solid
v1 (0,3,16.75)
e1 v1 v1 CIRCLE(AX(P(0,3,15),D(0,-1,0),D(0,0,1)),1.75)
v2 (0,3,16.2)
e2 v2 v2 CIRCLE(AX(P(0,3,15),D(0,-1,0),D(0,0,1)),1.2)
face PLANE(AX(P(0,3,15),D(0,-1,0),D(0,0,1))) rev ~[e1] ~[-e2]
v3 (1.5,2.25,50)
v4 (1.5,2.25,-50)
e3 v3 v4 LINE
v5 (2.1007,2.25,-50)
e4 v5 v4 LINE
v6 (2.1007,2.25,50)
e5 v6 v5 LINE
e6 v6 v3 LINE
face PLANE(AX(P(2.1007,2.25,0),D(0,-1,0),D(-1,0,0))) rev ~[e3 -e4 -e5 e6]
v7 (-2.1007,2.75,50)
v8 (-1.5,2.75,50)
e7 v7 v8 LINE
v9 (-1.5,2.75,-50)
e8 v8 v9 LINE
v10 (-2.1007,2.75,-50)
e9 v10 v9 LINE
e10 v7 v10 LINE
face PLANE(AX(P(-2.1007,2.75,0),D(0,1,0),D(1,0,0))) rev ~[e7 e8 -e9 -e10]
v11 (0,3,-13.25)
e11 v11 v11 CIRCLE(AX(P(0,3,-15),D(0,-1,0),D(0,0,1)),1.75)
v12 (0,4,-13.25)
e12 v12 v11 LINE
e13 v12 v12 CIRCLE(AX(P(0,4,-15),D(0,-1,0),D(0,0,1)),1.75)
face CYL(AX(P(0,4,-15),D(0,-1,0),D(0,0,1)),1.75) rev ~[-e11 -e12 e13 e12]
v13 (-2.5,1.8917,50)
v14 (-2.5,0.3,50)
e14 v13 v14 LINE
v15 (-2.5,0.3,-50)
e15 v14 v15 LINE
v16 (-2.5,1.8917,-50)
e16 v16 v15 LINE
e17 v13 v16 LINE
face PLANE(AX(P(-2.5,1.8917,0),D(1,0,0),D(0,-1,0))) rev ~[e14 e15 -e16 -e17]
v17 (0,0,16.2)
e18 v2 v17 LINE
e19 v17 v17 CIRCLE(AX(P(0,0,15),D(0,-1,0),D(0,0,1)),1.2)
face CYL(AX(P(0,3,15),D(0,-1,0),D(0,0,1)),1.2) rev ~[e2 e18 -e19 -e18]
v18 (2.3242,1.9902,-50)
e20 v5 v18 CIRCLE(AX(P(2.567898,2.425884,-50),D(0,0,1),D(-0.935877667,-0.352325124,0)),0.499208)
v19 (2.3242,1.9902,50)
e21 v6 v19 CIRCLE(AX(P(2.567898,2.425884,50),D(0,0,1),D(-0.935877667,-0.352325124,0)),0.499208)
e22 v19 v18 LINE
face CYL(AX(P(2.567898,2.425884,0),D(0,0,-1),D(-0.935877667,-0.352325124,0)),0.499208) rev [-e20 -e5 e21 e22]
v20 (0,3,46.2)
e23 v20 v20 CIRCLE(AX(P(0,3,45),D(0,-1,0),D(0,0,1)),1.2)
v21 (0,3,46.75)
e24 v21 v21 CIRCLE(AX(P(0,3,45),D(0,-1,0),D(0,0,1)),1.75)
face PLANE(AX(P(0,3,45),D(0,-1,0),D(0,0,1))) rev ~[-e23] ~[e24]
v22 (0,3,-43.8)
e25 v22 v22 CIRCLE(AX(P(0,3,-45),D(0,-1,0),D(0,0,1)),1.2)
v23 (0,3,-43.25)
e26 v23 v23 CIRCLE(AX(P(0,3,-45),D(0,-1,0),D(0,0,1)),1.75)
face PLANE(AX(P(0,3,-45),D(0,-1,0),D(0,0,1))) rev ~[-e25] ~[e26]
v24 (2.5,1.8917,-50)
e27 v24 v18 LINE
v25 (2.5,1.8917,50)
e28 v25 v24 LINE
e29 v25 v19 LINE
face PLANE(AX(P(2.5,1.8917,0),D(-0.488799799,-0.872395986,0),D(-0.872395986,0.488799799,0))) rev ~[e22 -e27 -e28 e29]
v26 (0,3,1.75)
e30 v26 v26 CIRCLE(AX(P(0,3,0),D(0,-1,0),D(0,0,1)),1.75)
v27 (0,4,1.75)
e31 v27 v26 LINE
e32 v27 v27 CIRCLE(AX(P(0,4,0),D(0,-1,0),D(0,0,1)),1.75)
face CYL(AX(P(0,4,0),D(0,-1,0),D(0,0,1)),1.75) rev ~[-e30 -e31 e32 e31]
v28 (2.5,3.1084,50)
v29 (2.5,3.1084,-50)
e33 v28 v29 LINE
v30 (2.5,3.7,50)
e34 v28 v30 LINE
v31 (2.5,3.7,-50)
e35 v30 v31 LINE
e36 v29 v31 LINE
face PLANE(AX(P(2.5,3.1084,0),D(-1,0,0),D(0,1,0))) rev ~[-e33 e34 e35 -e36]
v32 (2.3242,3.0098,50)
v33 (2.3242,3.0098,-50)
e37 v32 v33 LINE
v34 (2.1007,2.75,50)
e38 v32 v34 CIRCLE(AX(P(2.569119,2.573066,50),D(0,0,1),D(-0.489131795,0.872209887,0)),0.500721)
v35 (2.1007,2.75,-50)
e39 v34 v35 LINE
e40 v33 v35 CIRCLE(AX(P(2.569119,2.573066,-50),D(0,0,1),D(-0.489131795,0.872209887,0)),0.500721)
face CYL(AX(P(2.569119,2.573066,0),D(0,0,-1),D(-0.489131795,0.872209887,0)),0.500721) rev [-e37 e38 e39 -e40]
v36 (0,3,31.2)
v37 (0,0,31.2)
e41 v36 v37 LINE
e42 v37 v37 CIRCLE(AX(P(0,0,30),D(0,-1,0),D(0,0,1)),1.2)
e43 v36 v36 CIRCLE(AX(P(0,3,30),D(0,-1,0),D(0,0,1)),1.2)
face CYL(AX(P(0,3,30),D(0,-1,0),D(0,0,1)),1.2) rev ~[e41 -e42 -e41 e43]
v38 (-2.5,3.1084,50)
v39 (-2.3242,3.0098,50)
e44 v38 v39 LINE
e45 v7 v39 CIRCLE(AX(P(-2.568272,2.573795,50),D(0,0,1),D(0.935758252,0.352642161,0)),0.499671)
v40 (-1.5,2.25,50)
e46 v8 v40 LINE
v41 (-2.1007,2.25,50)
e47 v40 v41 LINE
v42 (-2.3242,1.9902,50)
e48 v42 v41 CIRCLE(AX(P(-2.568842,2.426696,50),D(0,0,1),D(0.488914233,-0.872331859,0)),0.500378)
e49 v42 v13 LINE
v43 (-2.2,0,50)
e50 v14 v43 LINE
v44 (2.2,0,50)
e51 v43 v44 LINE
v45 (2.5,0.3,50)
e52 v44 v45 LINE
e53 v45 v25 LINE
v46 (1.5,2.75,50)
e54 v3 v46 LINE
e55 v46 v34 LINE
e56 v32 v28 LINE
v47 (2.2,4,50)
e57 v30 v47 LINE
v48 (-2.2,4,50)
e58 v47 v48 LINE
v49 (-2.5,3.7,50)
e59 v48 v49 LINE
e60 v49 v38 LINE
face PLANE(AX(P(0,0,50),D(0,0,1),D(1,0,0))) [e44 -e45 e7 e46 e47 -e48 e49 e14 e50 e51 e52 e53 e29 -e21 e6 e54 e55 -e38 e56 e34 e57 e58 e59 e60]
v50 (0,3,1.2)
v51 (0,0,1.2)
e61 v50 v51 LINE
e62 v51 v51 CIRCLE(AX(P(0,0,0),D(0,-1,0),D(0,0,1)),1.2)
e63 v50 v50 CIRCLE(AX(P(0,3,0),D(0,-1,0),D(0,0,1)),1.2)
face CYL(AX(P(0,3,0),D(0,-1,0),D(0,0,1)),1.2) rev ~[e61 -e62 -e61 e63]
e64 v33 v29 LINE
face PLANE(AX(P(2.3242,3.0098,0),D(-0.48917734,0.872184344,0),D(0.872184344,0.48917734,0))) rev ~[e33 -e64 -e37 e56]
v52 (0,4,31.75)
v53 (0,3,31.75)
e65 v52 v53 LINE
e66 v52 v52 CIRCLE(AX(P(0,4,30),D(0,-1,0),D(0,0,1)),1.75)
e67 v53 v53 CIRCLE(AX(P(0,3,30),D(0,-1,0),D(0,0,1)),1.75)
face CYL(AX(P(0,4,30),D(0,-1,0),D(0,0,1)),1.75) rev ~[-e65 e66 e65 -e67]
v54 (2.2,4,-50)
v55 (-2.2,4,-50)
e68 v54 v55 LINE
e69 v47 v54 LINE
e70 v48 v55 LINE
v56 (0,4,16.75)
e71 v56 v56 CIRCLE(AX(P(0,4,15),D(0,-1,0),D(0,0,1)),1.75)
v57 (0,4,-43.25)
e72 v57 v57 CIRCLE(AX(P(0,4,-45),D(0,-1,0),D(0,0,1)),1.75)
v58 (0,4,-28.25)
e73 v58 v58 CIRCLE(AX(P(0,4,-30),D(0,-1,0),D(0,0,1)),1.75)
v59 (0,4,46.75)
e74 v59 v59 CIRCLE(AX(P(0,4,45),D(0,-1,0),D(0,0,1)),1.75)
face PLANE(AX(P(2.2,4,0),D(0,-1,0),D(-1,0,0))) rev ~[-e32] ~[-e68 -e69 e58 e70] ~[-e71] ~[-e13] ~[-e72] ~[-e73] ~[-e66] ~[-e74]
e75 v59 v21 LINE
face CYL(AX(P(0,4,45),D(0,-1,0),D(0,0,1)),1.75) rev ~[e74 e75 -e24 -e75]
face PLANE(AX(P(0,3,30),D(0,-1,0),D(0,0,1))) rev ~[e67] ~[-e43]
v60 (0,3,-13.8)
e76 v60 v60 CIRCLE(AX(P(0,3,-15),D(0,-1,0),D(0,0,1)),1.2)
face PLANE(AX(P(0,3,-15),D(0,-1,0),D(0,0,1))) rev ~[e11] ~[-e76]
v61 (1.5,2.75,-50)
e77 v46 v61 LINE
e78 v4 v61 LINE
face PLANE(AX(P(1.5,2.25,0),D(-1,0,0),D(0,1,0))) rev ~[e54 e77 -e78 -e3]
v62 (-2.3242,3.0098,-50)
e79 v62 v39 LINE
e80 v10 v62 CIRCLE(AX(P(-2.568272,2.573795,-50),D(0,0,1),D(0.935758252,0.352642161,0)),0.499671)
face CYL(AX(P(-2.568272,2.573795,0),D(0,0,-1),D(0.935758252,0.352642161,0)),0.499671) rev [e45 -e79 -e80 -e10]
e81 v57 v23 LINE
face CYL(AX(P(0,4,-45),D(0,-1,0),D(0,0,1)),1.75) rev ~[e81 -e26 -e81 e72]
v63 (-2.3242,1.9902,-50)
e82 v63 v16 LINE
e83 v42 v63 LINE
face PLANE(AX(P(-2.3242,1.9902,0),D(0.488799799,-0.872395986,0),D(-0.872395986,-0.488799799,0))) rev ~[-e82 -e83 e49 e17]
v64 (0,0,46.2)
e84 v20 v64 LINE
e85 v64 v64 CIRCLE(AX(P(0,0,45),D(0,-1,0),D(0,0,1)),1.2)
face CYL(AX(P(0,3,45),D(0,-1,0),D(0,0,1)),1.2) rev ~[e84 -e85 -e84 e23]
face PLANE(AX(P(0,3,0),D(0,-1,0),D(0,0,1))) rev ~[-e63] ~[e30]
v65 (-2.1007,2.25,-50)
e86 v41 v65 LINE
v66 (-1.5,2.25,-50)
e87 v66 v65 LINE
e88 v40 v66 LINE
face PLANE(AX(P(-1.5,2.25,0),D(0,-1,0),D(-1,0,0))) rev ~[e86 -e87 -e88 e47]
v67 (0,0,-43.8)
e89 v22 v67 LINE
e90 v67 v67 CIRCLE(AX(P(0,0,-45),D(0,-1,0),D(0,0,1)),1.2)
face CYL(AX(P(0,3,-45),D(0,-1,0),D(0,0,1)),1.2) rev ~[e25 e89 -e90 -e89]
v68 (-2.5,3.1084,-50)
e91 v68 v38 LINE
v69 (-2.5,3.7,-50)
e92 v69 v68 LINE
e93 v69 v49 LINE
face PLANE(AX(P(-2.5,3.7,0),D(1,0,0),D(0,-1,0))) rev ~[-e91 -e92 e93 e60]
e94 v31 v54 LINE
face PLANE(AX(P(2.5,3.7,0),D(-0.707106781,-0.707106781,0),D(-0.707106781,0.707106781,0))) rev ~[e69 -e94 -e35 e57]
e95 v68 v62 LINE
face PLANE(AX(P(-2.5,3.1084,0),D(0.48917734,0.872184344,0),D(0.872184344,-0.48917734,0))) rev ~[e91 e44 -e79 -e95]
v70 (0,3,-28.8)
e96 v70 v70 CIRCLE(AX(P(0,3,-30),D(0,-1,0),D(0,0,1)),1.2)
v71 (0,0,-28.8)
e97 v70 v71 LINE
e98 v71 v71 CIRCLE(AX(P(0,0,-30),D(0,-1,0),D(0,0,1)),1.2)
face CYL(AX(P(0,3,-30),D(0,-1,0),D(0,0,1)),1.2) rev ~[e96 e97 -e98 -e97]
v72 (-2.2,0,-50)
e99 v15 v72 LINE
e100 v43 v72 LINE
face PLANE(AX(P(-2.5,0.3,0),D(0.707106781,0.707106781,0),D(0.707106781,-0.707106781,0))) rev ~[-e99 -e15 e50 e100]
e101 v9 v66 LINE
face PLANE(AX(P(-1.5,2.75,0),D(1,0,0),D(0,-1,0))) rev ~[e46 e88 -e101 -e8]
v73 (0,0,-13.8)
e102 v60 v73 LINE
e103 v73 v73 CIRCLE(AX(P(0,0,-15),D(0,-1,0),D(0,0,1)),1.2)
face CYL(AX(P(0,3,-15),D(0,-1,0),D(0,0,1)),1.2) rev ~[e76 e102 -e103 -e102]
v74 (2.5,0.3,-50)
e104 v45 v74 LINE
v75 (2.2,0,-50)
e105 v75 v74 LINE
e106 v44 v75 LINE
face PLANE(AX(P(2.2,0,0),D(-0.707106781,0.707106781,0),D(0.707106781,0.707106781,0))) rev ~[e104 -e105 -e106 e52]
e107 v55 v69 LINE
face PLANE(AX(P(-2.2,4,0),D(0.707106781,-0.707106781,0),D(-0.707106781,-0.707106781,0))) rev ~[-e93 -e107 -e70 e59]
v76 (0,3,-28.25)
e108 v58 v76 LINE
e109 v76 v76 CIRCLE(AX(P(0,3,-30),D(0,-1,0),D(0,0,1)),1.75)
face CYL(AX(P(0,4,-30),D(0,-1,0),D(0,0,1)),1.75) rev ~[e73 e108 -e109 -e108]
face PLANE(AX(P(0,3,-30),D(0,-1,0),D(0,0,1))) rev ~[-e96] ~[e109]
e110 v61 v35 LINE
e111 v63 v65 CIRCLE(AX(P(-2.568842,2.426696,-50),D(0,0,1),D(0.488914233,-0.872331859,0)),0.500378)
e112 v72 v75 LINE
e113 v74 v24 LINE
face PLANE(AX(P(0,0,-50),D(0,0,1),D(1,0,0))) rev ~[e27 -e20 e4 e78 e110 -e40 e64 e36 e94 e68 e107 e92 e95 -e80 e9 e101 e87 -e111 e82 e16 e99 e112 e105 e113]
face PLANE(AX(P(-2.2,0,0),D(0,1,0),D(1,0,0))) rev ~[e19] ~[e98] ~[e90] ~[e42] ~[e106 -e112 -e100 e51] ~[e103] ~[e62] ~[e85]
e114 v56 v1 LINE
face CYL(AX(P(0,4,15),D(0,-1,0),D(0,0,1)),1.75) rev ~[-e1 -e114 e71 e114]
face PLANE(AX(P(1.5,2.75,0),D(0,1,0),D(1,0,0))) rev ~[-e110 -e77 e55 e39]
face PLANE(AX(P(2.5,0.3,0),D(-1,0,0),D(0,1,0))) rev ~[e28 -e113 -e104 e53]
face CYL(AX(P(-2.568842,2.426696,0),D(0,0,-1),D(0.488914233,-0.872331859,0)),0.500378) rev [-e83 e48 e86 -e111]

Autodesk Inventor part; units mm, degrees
sketch "Sketch_12" plane through (0, 0, 0) normal (0, 0, 1) x (1, 0, 0)
  line L0 (-2.5, 3.7) -> (-2.5, 3.1084)
  line L1 (-2.5, 3.1084) -> (-2.3242, 3.0098)
  arc A0 (-2.1007, 2.75) -> (-2.3242, 3.0098) centre (-2.5686, 2.5736) ccw
  line L2 (-2.1007, 2.75) -> (-1.5, 2.75)
  line L3 (-1.5, 2.75) -> (-1.5, 2.25)
  line L4 (-1.5, 2.25) -> (-2.1007, 2.25)
  arc A1 (-2.3242, 1.9902) -> (-2.1007, 2.25) centre (-2.5686, 2.4264) ccw
  line L5 (-2.3242, 1.9902) -> (-2.5, 1.8917)
  line L6 (-2.5, 1.8917) -> (-2.5, 0.3)
  line L7 (-2.5, 0.3) -> (-2.2, 0)
  line L8 (-2.2, 0) -> (2.2, 0)
  line L9 (2.2, 0) -> (2.5, 0.3)
  line L10 (2.5, 0.3) -> (2.5, 1.8917)
  line L11 (2.5, 1.8917) -> (2.3242, 1.9902)
  arc A2 (2.1007, 2.25) -> (2.3242, 1.9902) centre (2.5686, 2.4263) ccw
  line L12 (2.1007, 2.25) -> (1.5, 2.25)
  line L13 (1.5, 2.25) -> (1.5, 2.75)
  line L14 (1.5, 2.75) -> (2.1007, 2.75)
  arc A3 (2.3242, 3.0098) -> (2.1007, 2.75) centre (2.5686, 2.5737) ccw
  line L15 (2.3242, 3.0098) -> (2.5, 3.1084)
  line L16 (2.5, 3.1084) -> (2.5, 3.7)
  line L17 (2.5, 3.7) -> (2.2, 4)
  line L18 (2.2, 4) -> (-2.2, 4)
  line L19 (-2.2, 4) -> (-2.5, 3.7)
extrude "Extrusion1" add sketch "Sketch_12" along normal mid plane 100
sketch "Sketch2" plane through (-2.2, 4, 50) normal (0, 1, 0) x (1, 0, 0)
  point P0 (2.2, 95)
hole "Hole1" at (0, 4, -45) direction (0, -1, 0) diameter 2.4 depth 4 counterbore diameter 3.5 counterbore depth 1
pattern_linear "Rectangular Pattern1" count 7 spacing 15 along (0, 0, 1) of "Hole1"
ref_plane "rail_to_adjusting_block_XY" through (0, 0, -45) normal (0, 1, 0) x (1, 0, 0)
ref_plane "rail_to_adjusting_block_YZ" through (0, 0, -45) normal (1, 0, 0) x (0, 0, -1)
ref_plane "rail_to_adjusting_block_ZX" through (0, 0, -45) normal (0, 0, -1) x (0, 1, 0)
ref_plane "screw_1_XY" through (0, 3, 45) normal (0, -1, 0) x (1, 0, 0)
ref_plane "screw_1_YZ" through (0, 3, 45) normal (1, 0, 0) x (0, 0, 1)
ref_plane "screw_1_ZX" through (0, 3, 45) normal (0, 0, 1) x (0, -1, 0)
ref_plane "screw_2_XY" through (0, 3, 30) normal (0, -1, 0) x (1, 0, 0)
ref_plane "screw_2_YZ" through (0, 3, 30) normal (1, 0, 0) x (0, 0, 1)
ref_plane "screw_2_ZX" through (0, 3, 30) normal (0, 0, 1) x (0, -1, 0)
ref_plane "screw_3_XY" through (0, 3, 15) normal (0, -1, 0) x (1, 0, 0)
ref_plane "screw_3_YZ" through (0, 3, 15) normal (1, 0, 0) x (0, 0, 1)
ref_plane "screw_3_ZX" through (0, 3, 15) normal (0, 0, 1) x (0, -1, 0)
ref_plane "screw_4_XY" through (0, 3, 0) normal (0, -1, 0) x (1, 0, 0)
ref_plane "screw_4_YZ" through (0, 3, 0) normal (1, 0, 0) x (0, 0, 1)
ref_plane "screw_4_ZX" through (0, 3, 0) normal (0, 0, 1) x (0, -1, 0)
ref_plane "screw_5_XY" through (0, 3, -15) normal (0, -1, 0) x (1, 0, 0)
ref_plane "screw_5_YZ" through (0, 3, -15) normal (1, 0, 0) x (0, 0, 1)
ref_plane "screw_5_ZX" through (0, 3, -15) normal (0, 0, 1) x (0, -1, 0)
ref_plane "screw_6_XY" through (0, 3, -30) normal (0, -1, 0) x (1, 0, 0)
ref_plane "screw_6_YZ" through (0, 3, -30) normal (1, 0, 0) x (0, 0, 1)
ref_plane "screw_6_ZX" through (0, 3, -30) normal (0, 0, 1) x (0, -1, 0)
ref_plane "screw_7_XY" through (0, 3, -45) normal (0, -1, 0) x (1, 0, 0)
ref_plane "screw_7_YZ" through (0, 3, -45) normal (1, 0, 0) x (0, 0, 1)
ref_plane "screw_7_ZX" through (0, 3, -45) normal (0, 0, 1) x (0, -1, 0)
ref_plane "to_block_XY" through (0, 4, 25) normal (0, 0, 1) x (1, 0, 0)
ref_plane "to_block_YZ" through (0, 4, 25) normal (1, 0, 0) x (0, 1, 0)
ref_plane "to_block_ZX" through (0, 4, 25) normal (0, 1, 0) x (0, 0, 1)
ref_plane "to_block_2_XY" through (0, 4, -25) normal (0, 0, 1) x (1, 0, 0)
ref_plane "to_block_2_YZ" through (0, 4, -25) normal (1, 0, 0) x (0, 1, 0)
ref_plane "to_block_2_ZX" through (0, 4, -25) normal (0, 1, 0) x (0, 0, 1)
ref_plane "to_kue_XY" through (0, 0, 0) normal (0, 1, 0) x (1, 0, 0)
ref_plane "to_kue_YZ" through (0, 0, 0) normal (1, 0, 0) x (0, 0, -1)
ref_plane "to_kue_ZX" through (0, 0, 0) normal (0, 0, -1) x (0, 1, 0)
properties part number "SSE2B6-100_r"
